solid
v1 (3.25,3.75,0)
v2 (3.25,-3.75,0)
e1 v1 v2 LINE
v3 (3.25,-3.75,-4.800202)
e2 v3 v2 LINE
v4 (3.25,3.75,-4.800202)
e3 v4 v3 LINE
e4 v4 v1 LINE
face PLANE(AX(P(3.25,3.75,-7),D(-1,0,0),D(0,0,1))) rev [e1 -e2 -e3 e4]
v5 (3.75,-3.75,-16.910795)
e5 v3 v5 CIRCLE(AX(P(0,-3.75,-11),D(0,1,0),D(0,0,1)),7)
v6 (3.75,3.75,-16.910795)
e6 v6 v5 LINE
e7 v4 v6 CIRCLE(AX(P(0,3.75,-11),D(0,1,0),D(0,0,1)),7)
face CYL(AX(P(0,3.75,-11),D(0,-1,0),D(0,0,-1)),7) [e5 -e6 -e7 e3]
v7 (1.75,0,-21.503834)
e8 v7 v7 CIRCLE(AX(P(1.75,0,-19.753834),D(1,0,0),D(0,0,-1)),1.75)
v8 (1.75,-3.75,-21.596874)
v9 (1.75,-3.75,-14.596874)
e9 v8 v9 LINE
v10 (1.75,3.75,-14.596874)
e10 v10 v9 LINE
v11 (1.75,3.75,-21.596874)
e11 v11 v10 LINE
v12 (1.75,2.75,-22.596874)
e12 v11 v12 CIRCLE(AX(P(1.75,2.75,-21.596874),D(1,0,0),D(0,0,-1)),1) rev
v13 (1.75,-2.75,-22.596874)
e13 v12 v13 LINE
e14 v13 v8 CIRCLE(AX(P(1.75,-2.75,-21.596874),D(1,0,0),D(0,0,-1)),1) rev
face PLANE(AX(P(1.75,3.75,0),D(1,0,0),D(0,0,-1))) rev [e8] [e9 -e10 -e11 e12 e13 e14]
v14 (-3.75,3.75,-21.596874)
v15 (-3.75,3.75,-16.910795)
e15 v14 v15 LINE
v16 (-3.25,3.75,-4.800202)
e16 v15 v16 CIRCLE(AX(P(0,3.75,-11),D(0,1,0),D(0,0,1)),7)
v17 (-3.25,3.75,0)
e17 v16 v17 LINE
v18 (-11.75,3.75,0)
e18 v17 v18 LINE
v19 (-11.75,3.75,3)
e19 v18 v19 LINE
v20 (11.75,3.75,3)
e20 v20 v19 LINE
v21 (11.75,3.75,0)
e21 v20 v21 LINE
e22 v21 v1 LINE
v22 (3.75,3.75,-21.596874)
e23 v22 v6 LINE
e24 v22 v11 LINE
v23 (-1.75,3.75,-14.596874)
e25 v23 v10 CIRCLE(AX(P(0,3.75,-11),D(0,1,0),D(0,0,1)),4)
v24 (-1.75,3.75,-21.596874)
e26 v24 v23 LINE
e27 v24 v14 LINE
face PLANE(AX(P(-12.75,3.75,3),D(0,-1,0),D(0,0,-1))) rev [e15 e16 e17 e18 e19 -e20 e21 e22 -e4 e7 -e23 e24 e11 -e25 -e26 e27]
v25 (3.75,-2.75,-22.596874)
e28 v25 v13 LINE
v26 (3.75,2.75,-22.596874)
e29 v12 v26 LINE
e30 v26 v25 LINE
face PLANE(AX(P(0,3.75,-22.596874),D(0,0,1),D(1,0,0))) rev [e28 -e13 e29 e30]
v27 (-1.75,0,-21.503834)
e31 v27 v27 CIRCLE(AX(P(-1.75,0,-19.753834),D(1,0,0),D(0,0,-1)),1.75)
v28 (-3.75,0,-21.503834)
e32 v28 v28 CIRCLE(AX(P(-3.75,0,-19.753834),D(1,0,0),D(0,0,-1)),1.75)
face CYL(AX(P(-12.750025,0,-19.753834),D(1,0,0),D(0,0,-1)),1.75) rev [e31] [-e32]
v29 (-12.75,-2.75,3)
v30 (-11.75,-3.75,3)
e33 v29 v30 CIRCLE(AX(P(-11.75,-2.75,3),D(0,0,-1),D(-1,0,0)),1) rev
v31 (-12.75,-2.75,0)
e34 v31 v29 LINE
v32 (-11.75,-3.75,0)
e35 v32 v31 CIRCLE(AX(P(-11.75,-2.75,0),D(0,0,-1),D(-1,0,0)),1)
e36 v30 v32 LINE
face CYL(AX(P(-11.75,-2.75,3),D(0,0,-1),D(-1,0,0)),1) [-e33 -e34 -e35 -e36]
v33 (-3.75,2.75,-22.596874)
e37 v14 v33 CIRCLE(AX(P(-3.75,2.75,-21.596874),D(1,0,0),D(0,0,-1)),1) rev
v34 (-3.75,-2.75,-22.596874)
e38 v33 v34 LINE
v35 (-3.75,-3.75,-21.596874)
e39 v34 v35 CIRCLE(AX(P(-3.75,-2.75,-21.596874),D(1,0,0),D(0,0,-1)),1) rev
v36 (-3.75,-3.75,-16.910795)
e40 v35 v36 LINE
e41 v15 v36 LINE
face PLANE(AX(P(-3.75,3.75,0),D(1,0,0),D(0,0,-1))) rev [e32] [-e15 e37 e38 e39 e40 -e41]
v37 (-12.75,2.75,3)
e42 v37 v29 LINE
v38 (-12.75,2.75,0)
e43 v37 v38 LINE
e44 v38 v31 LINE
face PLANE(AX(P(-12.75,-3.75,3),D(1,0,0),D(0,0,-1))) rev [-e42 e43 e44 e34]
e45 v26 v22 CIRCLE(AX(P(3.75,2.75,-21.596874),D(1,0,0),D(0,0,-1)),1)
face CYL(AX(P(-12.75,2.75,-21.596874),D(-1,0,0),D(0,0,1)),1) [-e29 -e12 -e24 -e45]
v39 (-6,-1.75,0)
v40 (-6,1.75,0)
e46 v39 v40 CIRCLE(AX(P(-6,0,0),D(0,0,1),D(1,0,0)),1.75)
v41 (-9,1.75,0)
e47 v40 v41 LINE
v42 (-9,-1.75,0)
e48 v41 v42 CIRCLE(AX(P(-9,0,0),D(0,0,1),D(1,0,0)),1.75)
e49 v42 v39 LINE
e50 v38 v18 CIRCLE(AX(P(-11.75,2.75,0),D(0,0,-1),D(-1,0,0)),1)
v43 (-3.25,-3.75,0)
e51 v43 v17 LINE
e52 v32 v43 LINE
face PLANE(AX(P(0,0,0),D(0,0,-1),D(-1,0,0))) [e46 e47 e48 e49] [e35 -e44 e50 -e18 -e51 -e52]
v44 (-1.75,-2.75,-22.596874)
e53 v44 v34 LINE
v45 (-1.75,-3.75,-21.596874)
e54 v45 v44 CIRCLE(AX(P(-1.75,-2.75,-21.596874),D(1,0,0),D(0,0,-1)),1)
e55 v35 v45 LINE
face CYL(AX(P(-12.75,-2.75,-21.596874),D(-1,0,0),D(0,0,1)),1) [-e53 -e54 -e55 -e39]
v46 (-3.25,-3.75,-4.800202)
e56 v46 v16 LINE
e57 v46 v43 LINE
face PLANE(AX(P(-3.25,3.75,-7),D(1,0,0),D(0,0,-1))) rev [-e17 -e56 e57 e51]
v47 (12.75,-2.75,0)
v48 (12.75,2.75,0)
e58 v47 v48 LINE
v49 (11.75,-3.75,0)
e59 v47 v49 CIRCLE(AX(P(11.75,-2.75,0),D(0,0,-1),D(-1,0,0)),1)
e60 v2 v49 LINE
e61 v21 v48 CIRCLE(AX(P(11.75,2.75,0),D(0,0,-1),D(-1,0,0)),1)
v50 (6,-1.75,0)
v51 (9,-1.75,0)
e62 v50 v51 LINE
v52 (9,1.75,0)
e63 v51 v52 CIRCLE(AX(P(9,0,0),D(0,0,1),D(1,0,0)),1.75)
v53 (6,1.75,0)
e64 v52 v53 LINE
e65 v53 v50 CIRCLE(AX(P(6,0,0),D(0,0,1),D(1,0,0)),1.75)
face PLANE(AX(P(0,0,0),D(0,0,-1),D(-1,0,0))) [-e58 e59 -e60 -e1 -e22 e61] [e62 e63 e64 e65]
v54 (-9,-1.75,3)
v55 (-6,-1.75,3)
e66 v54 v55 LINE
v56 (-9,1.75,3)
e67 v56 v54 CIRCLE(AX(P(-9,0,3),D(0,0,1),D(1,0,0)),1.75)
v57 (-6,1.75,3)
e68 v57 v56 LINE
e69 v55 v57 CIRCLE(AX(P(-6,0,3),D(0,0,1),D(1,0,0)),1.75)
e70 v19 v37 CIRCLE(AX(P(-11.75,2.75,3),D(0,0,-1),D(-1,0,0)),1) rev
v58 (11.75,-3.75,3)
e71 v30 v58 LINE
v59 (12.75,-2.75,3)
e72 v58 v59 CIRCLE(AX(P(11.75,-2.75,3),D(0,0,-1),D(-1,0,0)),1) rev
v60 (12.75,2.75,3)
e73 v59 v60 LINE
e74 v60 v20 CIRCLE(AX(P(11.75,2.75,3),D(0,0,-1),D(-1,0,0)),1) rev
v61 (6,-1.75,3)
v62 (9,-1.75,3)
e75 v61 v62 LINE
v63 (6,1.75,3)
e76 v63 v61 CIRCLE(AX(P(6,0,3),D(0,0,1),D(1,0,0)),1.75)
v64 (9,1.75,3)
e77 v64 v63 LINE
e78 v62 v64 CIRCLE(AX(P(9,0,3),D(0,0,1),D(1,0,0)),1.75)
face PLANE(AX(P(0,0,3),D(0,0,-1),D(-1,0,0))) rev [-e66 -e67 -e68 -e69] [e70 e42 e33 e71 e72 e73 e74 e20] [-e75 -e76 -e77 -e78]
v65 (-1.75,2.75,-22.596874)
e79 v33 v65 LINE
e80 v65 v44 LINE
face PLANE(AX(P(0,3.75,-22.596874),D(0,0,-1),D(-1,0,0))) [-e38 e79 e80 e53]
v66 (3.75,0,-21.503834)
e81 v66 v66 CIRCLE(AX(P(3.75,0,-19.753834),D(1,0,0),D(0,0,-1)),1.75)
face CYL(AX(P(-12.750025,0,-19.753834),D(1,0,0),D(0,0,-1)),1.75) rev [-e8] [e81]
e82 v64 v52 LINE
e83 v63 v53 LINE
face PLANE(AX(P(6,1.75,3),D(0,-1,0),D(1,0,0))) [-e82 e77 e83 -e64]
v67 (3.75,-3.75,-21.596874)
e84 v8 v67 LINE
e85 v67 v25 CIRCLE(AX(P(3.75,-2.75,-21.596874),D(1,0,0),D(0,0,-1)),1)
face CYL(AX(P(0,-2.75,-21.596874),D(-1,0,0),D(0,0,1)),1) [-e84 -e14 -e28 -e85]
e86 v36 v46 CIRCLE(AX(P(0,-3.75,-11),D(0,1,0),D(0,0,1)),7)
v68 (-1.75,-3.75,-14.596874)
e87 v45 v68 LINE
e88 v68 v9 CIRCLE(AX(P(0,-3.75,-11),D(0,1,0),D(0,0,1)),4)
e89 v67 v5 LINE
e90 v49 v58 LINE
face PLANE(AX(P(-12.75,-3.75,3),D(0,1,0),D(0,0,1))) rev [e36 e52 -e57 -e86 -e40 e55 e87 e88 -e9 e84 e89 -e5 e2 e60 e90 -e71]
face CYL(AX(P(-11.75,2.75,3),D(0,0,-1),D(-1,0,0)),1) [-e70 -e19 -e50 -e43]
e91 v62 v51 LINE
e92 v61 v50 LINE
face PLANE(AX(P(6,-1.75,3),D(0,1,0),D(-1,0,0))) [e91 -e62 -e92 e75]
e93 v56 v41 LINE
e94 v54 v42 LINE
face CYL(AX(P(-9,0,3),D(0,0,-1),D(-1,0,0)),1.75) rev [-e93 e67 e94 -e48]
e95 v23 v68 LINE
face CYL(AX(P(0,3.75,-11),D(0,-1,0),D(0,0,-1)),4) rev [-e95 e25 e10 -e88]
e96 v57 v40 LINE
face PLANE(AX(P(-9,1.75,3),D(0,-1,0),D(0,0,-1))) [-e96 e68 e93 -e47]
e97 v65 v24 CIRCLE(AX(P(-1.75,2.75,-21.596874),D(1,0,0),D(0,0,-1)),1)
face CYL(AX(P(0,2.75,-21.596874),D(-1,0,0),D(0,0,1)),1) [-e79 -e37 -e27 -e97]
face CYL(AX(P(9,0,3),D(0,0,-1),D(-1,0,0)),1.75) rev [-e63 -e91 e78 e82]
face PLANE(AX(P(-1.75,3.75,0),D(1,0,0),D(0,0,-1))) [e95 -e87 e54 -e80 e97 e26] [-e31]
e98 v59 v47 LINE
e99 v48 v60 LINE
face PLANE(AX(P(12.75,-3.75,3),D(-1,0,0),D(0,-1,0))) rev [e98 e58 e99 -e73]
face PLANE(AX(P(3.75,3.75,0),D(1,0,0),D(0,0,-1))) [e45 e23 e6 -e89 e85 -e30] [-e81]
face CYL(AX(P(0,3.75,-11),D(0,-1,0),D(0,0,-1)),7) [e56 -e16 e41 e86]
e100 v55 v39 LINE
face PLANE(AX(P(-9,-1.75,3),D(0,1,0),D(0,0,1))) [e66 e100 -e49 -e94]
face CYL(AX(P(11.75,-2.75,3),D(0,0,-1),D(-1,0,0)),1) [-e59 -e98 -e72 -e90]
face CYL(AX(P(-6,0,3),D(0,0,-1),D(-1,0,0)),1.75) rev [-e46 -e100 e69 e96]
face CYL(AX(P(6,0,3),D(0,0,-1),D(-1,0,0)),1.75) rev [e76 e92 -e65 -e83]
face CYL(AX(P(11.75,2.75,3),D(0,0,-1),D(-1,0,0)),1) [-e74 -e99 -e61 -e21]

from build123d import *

# Parameters (mm, degrees)
SKETCH_1_W          = 25.5
SKETCH_1_H          = 7.5
EXTRUDE_1_DEPTH     = 3
SKETCH_2_W          = 6.5
SKETCH_2_H          = 7.5
EXTRUDE_2_DEPTH     = 7
EXTRUDE_3_DEPTH     = 3.75
SKETCH_4_R          = 1.75
CUT_EXTRUDE_1_DEPTH = 29.229969862
FILLET_1_R          = 1


with BuildPart() as part:
    # 草图1 → 凸台-拉伸1 (new body)
    with BuildSketch(Plane.XY):
        Rectangle(SKETCH_1_W, SKETCH_1_H)
        with BuildLine():
            Line((-9, 1.75), (-6, 1.75))
            ThreePointArc((-6, 1.75), (-4.25, 0), (-6, -1.75))
            Line((-6, -1.75), (-9, -1.75))
            ThreePointArc((-9, -1.75), (-10.75, 0), (-9, 1.75))
        make_face(mode=Mode.SUBTRACT)
        with BuildLine():
            Line((6, 1.75), (9, 1.75))
            ThreePointArc((9, 1.75), (10.75, 0), (9, -1.75))
            Line((9, -1.75), (6, -1.75))
            ThreePointArc((6, -1.75), (4.25, 0), (6, 1.75))
        make_face(mode=Mode.SUBTRACT)
    extrude(amount=EXTRUDE_1_DEPTH)

    # 草图2 → 凸台-拉伸2 (add)
    with BuildSketch(Plane(origin=(0, 0, 0), x_dir=(-1, 0, 0), z_dir=(0, 0, -1))):
        Rectangle(SKETCH_2_W, SKETCH_2_H)
    extrude(amount=EXTRUDE_2_DEPTH)

    # 草图3 → 凸台-拉伸3 (add, symmetric)
    with BuildSketch(Plane(origin=(0, 0, 0), x_dir=(1, 0, 0), z_dir=(0, 1, 0))):
        with BuildLine():
            Line((-3.75, 14.596873642), (-3.75, 16.910795209))
            ThreePointArc((-3.75, 16.910795209), (-3.372684391, 4.866077927), (7, 11))
            ThreePointArc((7, 11), (6.133922073, 14.372684391), (3.75, 16.910795209))
            Line((3.75, 16.910795209), (3.75, 14.596873642))
            Line((3.75, 14.596873642), (1.75, 14.596873642))
            ThreePointArc((1.75, 14.596873642), (3.391164992, 13.121320344), (4, 11))
            ThreePointArc((4, 11), (-2.121320344, 7.608835008), (-1.75, 14.596873642))
            Line((-1.75, 14.596873642), (-3.75, 14.596873642))
        make_face()
        with BuildLine():
            ThreePointArc((-1.75, 17.777720856), (-2.78395223, 17.422585926), (-3.75, 16.910795209))
            Line((-3.75, 16.910795209), (-3.75, 14.596873642))
            Line((-3.75, 14.596873642), (-1.75, 14.596873642))
            Line((-1.75, 14.596873642), (-1.75, 17.777720856))
        make_face()
        with BuildLine():
            Line((-1.75, 22.596873642), (-3.75, 22.596873642))
            Line((-3.75, 22.596873642), (-3.75, 16.910795209))
            ThreePointArc((-3.75, 16.910795209), (-2.78395223, 17.422585926), (-1.75, 17.777720856))
            Line((-1.75, 17.777720856), (-1.75, 22.596873642))
        make_face()
        with BuildLine():
            Line((1.75, 22.596873642), (1.75, 17.777720856))
            ThreePointArc((1.75, 17.777720856), (2.78395223, 17.422585926), (3.75, 16.910795209))
            Line((3.75, 16.910795209), (3.75, 22.596873642))
            Line((3.75, 22.596873642), (1.75, 22.596873642))
        make_face()
        with BuildLine():
            ThreePointArc((3.75, 16.910795209), (2.78395223, 17.422585926), (1.75, 17.777720856))
            Line((1.75, 17.777720856), (1.75, 14.596873642))
            Line((1.75, 14.596873642), (3.75, 14.596873642))
            Line((3.75, 14.596873642), (3.75, 16.910795209))
        make_face()
    extrude(amount=EXTRUDE_3_DEPTH, both=True)

    # 草图4 → 切除-拉伸1 (cut, through all)
    with BuildSketch(Plane(origin=(3.75, 0, 0), x_dir=(0, 0, -1), z_dir=(1, 0, 0))):
        with Locations((19.753834426, 0)):
            Circle(SKETCH_4_R)
    extrude(amount=-CUT_EXTRUDE_1_DEPTH, mode=Mode.SUBTRACT)

    # 圆角1
    fillet_1_edges = [part.edges().sort_by_distance(p)[0] for p in [
        (2.75, -3.75, -22.596873642),
        (2.75, 3.75, -22.596873642),
        (-2.75, -3.75, -22.596873642),
        (-2.75, 3.75, -22.596873642),
        (-12.75, -3.75, 1.5),
        (12.75, -3.75, 1.5),
        (12.75, 3.75, 1.5),
        (-12.75, 3.75, 1.5),
    ]]
    fillet(fillet_1_edges, radius=FILLET_1_R)


solid = part.part
